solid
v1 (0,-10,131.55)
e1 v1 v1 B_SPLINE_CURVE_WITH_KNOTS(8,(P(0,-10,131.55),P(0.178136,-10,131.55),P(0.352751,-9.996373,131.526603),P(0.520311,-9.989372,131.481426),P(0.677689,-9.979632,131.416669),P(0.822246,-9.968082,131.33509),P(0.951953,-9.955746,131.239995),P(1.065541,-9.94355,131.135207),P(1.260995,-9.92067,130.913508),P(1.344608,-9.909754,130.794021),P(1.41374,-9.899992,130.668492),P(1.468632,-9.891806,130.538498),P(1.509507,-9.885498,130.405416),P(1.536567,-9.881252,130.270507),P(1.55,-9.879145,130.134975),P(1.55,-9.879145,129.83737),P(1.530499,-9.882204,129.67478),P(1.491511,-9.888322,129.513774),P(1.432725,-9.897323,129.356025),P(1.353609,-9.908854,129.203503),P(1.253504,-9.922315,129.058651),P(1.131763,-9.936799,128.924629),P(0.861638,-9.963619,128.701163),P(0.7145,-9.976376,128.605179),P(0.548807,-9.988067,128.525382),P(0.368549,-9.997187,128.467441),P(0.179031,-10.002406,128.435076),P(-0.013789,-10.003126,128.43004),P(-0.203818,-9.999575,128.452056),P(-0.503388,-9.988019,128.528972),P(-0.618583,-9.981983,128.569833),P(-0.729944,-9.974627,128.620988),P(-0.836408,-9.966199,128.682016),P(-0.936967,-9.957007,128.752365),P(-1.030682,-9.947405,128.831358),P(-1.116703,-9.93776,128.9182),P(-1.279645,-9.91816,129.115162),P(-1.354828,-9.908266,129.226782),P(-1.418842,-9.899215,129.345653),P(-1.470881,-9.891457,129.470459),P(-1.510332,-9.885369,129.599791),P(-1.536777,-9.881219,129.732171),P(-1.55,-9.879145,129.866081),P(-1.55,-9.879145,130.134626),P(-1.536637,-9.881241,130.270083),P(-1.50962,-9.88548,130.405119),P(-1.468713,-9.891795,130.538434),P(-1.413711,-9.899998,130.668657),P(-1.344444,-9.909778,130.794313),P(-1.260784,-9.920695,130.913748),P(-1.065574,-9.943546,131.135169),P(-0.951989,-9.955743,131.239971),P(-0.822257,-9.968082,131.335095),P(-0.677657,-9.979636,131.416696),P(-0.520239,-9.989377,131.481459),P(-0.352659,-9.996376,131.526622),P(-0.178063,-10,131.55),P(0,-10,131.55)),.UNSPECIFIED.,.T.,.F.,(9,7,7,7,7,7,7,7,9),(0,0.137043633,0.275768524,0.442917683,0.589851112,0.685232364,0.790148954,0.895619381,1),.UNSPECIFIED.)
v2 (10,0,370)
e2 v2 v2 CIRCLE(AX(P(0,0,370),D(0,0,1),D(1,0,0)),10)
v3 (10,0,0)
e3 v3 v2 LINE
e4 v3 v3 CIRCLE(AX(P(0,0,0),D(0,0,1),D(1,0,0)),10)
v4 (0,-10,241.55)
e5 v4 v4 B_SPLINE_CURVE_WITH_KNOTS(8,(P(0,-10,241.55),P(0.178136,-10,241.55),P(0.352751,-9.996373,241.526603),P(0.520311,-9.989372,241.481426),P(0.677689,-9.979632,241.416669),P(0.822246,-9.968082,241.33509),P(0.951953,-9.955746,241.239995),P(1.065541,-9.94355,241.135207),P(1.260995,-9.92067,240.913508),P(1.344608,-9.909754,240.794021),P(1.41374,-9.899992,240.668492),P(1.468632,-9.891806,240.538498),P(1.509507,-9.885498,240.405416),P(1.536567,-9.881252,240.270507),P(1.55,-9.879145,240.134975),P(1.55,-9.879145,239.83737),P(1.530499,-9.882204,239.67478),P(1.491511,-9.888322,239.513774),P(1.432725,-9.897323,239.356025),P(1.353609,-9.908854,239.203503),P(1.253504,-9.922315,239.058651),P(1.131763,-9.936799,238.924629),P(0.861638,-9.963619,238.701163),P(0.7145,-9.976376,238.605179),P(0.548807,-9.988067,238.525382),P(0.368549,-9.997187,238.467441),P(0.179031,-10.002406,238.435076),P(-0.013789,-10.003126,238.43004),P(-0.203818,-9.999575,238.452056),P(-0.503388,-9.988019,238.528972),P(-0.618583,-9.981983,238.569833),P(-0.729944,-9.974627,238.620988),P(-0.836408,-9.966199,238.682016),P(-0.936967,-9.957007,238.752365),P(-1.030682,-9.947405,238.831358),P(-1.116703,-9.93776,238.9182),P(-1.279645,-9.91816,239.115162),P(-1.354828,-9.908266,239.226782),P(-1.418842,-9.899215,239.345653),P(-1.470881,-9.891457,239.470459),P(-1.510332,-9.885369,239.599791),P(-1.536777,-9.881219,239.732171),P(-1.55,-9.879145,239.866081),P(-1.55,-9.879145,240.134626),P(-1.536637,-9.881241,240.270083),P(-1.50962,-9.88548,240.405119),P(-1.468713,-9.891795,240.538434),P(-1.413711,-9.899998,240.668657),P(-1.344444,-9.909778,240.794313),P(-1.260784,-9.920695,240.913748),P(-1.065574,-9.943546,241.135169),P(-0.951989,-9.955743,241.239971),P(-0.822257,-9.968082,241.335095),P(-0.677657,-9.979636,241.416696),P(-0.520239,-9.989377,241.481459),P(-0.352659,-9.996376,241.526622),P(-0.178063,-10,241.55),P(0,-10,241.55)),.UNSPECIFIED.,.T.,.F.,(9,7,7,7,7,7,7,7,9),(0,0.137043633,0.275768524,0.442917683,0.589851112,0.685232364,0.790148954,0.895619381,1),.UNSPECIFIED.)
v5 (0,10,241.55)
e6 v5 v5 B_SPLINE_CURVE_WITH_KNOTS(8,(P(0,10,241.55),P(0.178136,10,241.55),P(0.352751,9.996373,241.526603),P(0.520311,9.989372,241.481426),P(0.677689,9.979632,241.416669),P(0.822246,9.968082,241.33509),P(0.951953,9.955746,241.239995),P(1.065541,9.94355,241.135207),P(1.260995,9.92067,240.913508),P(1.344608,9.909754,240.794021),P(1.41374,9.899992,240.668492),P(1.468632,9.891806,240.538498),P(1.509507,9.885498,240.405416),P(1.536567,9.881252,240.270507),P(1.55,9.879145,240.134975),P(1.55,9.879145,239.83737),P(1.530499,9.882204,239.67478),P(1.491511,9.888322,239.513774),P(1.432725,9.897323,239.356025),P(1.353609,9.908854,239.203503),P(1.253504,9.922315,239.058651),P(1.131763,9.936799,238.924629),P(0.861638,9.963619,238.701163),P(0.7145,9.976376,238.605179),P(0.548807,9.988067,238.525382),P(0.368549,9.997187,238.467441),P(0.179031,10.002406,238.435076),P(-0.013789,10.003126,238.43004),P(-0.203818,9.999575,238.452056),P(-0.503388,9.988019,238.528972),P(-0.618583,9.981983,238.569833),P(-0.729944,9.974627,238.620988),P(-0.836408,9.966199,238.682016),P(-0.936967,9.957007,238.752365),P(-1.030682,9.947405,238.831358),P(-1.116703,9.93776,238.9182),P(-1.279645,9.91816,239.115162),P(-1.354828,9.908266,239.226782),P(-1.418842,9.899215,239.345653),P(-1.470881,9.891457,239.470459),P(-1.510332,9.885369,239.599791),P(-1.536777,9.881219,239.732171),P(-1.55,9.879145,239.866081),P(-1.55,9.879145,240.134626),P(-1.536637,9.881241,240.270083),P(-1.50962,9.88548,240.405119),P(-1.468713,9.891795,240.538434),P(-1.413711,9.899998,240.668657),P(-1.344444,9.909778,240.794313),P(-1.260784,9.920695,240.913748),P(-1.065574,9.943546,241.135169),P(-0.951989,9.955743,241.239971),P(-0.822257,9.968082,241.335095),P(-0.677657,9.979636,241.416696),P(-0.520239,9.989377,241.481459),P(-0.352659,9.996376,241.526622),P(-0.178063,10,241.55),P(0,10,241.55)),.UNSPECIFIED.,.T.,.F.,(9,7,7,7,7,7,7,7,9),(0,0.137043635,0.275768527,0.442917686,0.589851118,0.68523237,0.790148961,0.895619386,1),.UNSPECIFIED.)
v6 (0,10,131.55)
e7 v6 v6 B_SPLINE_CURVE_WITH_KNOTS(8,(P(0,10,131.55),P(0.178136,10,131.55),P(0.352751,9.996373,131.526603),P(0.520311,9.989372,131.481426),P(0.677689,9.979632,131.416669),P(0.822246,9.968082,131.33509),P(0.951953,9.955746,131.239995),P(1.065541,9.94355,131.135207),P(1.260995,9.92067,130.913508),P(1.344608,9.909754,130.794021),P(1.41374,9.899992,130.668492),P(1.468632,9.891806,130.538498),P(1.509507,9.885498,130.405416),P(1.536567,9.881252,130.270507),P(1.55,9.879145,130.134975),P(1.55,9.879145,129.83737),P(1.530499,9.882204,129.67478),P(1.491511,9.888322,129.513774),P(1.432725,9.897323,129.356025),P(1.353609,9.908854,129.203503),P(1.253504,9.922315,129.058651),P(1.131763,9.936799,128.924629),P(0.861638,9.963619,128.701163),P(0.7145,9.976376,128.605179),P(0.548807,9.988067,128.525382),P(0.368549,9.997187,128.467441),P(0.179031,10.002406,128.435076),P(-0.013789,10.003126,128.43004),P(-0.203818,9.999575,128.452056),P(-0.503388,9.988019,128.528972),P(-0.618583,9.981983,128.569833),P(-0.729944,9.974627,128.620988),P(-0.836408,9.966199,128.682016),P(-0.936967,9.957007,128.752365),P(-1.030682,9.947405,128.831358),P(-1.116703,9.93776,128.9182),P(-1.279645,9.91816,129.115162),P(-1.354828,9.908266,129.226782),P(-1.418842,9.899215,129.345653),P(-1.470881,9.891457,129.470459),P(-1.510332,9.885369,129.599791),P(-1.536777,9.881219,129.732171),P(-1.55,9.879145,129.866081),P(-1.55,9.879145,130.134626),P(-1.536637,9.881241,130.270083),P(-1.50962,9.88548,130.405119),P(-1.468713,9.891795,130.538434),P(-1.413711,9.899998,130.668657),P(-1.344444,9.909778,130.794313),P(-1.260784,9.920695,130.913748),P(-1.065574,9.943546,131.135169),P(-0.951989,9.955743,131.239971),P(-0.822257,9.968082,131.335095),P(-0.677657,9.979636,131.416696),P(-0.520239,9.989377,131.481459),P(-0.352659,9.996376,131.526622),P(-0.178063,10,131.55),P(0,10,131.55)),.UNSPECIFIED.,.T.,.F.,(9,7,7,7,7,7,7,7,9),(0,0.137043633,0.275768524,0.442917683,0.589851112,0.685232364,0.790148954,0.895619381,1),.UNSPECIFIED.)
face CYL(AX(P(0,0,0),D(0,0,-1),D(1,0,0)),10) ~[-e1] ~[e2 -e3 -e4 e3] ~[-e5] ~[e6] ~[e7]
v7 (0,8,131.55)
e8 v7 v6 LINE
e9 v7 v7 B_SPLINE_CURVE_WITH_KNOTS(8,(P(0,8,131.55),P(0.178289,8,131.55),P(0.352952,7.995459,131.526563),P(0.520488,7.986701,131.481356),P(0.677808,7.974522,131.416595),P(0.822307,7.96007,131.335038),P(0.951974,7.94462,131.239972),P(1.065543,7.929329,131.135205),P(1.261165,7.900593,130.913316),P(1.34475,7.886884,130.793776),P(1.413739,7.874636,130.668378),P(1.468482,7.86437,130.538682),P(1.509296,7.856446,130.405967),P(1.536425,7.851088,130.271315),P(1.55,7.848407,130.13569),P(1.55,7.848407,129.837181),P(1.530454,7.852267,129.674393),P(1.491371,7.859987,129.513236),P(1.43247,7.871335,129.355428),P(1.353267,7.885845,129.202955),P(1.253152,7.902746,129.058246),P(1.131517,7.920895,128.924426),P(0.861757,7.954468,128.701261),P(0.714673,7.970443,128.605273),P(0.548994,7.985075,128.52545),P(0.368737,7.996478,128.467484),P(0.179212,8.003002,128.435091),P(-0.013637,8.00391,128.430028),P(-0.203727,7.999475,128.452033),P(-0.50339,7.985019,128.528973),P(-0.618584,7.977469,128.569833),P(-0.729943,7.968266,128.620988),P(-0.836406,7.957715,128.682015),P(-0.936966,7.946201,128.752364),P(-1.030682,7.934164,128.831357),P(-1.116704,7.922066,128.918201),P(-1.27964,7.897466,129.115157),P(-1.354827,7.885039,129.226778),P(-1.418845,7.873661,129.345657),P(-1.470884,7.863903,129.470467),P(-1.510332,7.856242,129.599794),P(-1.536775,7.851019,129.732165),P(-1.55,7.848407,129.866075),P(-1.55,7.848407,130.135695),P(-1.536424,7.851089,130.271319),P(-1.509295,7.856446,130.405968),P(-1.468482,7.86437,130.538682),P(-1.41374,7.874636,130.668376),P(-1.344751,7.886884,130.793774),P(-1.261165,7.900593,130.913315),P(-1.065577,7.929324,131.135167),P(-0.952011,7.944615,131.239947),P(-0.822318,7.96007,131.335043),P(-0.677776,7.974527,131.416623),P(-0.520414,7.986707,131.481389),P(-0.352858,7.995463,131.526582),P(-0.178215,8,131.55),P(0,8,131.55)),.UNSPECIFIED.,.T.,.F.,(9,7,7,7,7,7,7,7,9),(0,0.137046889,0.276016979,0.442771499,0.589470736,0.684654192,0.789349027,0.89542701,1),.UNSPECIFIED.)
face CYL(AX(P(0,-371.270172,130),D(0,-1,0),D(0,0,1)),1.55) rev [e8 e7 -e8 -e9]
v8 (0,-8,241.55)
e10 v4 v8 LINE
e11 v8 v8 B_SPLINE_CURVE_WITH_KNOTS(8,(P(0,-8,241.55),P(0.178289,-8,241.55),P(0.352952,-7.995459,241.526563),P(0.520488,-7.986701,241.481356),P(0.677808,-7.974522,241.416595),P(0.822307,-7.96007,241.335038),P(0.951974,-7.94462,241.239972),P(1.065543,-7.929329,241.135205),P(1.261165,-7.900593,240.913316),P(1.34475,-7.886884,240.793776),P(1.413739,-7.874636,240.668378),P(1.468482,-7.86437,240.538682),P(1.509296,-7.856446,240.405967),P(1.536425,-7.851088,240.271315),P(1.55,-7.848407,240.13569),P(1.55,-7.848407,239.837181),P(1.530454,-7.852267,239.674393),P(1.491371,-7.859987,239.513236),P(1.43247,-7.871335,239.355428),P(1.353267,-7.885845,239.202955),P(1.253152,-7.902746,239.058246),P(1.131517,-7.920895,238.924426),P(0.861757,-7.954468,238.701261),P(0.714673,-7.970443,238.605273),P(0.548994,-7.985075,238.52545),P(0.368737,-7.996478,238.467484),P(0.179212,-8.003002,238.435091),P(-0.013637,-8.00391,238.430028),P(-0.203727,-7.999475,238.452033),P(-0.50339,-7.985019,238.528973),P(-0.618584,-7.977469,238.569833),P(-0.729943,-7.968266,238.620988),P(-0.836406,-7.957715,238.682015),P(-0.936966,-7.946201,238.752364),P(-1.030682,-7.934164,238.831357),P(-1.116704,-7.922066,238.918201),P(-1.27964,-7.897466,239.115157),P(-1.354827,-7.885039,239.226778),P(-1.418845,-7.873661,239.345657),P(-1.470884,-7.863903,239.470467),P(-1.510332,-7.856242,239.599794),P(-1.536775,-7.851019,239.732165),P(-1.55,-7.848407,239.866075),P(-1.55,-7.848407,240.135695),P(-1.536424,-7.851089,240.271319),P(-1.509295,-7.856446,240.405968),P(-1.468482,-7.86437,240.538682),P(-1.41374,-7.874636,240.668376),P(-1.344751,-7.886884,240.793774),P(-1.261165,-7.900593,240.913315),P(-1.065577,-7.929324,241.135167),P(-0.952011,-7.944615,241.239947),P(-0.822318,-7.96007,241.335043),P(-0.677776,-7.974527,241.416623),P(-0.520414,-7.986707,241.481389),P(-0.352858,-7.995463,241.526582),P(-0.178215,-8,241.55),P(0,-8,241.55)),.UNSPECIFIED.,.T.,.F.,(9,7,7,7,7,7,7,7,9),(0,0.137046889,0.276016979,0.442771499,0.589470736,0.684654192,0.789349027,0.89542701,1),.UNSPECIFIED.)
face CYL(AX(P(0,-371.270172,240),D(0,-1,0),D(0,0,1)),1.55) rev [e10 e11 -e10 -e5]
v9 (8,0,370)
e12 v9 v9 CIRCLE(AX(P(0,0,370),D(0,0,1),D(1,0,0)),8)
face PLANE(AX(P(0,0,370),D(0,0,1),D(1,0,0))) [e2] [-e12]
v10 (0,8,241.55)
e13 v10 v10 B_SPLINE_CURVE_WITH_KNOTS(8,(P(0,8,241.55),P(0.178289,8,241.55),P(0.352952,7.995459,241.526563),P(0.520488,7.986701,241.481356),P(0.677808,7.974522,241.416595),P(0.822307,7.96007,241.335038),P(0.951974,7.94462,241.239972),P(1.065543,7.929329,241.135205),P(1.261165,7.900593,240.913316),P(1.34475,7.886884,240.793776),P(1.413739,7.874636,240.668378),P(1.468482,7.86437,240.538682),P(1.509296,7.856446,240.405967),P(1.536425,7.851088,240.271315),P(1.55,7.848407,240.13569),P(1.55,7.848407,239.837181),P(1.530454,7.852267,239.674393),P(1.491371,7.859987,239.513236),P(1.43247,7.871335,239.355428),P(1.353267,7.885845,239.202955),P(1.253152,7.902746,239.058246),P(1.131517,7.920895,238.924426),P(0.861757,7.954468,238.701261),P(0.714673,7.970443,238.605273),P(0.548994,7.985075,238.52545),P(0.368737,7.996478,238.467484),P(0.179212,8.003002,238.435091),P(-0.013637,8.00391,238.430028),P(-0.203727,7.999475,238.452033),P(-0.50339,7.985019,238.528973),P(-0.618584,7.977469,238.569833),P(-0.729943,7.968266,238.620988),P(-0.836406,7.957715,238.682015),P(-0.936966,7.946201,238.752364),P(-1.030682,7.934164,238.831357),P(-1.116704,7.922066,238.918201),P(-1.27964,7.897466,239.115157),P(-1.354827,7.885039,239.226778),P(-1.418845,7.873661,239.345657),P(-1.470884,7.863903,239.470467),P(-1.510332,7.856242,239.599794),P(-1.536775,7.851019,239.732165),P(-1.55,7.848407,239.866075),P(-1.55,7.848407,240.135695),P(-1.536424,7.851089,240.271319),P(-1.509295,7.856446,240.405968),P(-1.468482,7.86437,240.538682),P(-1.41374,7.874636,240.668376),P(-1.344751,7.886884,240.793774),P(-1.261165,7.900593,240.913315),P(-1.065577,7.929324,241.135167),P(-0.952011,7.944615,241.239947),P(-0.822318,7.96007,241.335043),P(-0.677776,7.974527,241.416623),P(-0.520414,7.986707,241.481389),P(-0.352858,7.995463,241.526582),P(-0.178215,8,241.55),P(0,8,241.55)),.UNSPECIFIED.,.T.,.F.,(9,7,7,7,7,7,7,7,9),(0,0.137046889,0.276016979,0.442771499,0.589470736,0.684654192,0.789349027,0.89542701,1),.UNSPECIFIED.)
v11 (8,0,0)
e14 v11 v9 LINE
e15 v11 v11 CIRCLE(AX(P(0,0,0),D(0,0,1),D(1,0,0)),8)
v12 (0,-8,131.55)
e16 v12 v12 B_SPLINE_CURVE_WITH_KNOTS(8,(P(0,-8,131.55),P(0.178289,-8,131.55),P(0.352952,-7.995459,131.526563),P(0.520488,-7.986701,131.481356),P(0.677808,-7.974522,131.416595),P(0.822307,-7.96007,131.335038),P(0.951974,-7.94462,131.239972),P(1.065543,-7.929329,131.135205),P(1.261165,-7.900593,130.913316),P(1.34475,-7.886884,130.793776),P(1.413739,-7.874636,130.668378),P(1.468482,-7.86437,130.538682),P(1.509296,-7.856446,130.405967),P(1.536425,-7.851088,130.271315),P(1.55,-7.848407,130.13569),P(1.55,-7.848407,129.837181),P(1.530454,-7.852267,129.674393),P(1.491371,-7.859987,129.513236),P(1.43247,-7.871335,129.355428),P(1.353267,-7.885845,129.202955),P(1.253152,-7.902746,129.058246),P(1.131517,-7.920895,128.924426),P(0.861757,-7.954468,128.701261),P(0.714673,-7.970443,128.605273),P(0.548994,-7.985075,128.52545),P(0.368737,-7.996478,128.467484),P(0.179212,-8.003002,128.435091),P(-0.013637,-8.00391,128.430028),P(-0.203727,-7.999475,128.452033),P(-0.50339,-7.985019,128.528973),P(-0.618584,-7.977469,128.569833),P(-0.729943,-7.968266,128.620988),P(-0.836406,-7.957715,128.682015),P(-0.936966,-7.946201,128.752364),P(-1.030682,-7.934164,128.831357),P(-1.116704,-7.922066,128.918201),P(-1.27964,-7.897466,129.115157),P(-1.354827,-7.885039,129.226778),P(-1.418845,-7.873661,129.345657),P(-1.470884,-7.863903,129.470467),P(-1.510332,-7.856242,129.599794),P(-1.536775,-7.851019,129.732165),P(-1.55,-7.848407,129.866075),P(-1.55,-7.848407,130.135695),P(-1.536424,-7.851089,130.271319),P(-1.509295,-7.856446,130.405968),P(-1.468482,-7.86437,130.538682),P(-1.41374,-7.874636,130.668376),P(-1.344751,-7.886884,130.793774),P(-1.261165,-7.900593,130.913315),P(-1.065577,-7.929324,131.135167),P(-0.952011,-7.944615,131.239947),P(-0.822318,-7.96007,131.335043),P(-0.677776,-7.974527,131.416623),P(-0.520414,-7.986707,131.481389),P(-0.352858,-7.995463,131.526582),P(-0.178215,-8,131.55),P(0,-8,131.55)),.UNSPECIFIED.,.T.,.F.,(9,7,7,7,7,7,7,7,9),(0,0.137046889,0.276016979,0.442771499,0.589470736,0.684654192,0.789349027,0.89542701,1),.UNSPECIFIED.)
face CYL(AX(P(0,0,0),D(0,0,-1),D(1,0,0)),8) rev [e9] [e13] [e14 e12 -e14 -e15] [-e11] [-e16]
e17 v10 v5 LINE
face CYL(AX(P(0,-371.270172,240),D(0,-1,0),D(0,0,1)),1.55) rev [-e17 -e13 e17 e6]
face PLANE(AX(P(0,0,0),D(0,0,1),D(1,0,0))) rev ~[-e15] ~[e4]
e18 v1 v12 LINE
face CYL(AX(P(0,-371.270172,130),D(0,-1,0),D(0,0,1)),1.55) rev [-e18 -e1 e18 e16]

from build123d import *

# Parameters (mm, degrees)
SKETCH_1_R               = 10
SKETCH_1_R_2             = 8
EXTRUDE_1_DEPTH          = 370
CUT_EXTRUDE_1_DEPTH      = 371.270171631
CUT_EXTRUDE_1_DEPTH_BACK = 371.270171631
SKETCH_2_R               = 1.55


with BuildPart() as part:
    # 草图1 → 凸台-拉伸1 (new body)
    with BuildSketch(Plane.XY):
        Circle(SKETCH_1_R)
        Circle(SKETCH_1_R_2, mode=Mode.SUBTRACT)
    extrude(amount=EXTRUDE_1_DEPTH)

    # 草图2 → 切除-拉伸1 (cut, two sides: drawn at the far end of the back side and taken through both)
    with BuildSketch(Plane(origin=(0, 0, 0), x_dir=(1, 0, 0), z_dir=(0, 1, 0)).offset(-CUT_EXTRUDE_1_DEPTH_BACK)):
        with Locations(Location((0, -130, 0), (0, 0, 270))):
            Circle(SKETCH_2_R)
        with Locations(Location((0, -240, 0), (0, 0, 270))):
            Circle(SKETCH_2_R)
    extrude(amount=CUT_EXTRUDE_1_DEPTH + CUT_EXTRUDE_1_DEPTH_BACK, mode=Mode.SUBTRACT)


solid = part.part
